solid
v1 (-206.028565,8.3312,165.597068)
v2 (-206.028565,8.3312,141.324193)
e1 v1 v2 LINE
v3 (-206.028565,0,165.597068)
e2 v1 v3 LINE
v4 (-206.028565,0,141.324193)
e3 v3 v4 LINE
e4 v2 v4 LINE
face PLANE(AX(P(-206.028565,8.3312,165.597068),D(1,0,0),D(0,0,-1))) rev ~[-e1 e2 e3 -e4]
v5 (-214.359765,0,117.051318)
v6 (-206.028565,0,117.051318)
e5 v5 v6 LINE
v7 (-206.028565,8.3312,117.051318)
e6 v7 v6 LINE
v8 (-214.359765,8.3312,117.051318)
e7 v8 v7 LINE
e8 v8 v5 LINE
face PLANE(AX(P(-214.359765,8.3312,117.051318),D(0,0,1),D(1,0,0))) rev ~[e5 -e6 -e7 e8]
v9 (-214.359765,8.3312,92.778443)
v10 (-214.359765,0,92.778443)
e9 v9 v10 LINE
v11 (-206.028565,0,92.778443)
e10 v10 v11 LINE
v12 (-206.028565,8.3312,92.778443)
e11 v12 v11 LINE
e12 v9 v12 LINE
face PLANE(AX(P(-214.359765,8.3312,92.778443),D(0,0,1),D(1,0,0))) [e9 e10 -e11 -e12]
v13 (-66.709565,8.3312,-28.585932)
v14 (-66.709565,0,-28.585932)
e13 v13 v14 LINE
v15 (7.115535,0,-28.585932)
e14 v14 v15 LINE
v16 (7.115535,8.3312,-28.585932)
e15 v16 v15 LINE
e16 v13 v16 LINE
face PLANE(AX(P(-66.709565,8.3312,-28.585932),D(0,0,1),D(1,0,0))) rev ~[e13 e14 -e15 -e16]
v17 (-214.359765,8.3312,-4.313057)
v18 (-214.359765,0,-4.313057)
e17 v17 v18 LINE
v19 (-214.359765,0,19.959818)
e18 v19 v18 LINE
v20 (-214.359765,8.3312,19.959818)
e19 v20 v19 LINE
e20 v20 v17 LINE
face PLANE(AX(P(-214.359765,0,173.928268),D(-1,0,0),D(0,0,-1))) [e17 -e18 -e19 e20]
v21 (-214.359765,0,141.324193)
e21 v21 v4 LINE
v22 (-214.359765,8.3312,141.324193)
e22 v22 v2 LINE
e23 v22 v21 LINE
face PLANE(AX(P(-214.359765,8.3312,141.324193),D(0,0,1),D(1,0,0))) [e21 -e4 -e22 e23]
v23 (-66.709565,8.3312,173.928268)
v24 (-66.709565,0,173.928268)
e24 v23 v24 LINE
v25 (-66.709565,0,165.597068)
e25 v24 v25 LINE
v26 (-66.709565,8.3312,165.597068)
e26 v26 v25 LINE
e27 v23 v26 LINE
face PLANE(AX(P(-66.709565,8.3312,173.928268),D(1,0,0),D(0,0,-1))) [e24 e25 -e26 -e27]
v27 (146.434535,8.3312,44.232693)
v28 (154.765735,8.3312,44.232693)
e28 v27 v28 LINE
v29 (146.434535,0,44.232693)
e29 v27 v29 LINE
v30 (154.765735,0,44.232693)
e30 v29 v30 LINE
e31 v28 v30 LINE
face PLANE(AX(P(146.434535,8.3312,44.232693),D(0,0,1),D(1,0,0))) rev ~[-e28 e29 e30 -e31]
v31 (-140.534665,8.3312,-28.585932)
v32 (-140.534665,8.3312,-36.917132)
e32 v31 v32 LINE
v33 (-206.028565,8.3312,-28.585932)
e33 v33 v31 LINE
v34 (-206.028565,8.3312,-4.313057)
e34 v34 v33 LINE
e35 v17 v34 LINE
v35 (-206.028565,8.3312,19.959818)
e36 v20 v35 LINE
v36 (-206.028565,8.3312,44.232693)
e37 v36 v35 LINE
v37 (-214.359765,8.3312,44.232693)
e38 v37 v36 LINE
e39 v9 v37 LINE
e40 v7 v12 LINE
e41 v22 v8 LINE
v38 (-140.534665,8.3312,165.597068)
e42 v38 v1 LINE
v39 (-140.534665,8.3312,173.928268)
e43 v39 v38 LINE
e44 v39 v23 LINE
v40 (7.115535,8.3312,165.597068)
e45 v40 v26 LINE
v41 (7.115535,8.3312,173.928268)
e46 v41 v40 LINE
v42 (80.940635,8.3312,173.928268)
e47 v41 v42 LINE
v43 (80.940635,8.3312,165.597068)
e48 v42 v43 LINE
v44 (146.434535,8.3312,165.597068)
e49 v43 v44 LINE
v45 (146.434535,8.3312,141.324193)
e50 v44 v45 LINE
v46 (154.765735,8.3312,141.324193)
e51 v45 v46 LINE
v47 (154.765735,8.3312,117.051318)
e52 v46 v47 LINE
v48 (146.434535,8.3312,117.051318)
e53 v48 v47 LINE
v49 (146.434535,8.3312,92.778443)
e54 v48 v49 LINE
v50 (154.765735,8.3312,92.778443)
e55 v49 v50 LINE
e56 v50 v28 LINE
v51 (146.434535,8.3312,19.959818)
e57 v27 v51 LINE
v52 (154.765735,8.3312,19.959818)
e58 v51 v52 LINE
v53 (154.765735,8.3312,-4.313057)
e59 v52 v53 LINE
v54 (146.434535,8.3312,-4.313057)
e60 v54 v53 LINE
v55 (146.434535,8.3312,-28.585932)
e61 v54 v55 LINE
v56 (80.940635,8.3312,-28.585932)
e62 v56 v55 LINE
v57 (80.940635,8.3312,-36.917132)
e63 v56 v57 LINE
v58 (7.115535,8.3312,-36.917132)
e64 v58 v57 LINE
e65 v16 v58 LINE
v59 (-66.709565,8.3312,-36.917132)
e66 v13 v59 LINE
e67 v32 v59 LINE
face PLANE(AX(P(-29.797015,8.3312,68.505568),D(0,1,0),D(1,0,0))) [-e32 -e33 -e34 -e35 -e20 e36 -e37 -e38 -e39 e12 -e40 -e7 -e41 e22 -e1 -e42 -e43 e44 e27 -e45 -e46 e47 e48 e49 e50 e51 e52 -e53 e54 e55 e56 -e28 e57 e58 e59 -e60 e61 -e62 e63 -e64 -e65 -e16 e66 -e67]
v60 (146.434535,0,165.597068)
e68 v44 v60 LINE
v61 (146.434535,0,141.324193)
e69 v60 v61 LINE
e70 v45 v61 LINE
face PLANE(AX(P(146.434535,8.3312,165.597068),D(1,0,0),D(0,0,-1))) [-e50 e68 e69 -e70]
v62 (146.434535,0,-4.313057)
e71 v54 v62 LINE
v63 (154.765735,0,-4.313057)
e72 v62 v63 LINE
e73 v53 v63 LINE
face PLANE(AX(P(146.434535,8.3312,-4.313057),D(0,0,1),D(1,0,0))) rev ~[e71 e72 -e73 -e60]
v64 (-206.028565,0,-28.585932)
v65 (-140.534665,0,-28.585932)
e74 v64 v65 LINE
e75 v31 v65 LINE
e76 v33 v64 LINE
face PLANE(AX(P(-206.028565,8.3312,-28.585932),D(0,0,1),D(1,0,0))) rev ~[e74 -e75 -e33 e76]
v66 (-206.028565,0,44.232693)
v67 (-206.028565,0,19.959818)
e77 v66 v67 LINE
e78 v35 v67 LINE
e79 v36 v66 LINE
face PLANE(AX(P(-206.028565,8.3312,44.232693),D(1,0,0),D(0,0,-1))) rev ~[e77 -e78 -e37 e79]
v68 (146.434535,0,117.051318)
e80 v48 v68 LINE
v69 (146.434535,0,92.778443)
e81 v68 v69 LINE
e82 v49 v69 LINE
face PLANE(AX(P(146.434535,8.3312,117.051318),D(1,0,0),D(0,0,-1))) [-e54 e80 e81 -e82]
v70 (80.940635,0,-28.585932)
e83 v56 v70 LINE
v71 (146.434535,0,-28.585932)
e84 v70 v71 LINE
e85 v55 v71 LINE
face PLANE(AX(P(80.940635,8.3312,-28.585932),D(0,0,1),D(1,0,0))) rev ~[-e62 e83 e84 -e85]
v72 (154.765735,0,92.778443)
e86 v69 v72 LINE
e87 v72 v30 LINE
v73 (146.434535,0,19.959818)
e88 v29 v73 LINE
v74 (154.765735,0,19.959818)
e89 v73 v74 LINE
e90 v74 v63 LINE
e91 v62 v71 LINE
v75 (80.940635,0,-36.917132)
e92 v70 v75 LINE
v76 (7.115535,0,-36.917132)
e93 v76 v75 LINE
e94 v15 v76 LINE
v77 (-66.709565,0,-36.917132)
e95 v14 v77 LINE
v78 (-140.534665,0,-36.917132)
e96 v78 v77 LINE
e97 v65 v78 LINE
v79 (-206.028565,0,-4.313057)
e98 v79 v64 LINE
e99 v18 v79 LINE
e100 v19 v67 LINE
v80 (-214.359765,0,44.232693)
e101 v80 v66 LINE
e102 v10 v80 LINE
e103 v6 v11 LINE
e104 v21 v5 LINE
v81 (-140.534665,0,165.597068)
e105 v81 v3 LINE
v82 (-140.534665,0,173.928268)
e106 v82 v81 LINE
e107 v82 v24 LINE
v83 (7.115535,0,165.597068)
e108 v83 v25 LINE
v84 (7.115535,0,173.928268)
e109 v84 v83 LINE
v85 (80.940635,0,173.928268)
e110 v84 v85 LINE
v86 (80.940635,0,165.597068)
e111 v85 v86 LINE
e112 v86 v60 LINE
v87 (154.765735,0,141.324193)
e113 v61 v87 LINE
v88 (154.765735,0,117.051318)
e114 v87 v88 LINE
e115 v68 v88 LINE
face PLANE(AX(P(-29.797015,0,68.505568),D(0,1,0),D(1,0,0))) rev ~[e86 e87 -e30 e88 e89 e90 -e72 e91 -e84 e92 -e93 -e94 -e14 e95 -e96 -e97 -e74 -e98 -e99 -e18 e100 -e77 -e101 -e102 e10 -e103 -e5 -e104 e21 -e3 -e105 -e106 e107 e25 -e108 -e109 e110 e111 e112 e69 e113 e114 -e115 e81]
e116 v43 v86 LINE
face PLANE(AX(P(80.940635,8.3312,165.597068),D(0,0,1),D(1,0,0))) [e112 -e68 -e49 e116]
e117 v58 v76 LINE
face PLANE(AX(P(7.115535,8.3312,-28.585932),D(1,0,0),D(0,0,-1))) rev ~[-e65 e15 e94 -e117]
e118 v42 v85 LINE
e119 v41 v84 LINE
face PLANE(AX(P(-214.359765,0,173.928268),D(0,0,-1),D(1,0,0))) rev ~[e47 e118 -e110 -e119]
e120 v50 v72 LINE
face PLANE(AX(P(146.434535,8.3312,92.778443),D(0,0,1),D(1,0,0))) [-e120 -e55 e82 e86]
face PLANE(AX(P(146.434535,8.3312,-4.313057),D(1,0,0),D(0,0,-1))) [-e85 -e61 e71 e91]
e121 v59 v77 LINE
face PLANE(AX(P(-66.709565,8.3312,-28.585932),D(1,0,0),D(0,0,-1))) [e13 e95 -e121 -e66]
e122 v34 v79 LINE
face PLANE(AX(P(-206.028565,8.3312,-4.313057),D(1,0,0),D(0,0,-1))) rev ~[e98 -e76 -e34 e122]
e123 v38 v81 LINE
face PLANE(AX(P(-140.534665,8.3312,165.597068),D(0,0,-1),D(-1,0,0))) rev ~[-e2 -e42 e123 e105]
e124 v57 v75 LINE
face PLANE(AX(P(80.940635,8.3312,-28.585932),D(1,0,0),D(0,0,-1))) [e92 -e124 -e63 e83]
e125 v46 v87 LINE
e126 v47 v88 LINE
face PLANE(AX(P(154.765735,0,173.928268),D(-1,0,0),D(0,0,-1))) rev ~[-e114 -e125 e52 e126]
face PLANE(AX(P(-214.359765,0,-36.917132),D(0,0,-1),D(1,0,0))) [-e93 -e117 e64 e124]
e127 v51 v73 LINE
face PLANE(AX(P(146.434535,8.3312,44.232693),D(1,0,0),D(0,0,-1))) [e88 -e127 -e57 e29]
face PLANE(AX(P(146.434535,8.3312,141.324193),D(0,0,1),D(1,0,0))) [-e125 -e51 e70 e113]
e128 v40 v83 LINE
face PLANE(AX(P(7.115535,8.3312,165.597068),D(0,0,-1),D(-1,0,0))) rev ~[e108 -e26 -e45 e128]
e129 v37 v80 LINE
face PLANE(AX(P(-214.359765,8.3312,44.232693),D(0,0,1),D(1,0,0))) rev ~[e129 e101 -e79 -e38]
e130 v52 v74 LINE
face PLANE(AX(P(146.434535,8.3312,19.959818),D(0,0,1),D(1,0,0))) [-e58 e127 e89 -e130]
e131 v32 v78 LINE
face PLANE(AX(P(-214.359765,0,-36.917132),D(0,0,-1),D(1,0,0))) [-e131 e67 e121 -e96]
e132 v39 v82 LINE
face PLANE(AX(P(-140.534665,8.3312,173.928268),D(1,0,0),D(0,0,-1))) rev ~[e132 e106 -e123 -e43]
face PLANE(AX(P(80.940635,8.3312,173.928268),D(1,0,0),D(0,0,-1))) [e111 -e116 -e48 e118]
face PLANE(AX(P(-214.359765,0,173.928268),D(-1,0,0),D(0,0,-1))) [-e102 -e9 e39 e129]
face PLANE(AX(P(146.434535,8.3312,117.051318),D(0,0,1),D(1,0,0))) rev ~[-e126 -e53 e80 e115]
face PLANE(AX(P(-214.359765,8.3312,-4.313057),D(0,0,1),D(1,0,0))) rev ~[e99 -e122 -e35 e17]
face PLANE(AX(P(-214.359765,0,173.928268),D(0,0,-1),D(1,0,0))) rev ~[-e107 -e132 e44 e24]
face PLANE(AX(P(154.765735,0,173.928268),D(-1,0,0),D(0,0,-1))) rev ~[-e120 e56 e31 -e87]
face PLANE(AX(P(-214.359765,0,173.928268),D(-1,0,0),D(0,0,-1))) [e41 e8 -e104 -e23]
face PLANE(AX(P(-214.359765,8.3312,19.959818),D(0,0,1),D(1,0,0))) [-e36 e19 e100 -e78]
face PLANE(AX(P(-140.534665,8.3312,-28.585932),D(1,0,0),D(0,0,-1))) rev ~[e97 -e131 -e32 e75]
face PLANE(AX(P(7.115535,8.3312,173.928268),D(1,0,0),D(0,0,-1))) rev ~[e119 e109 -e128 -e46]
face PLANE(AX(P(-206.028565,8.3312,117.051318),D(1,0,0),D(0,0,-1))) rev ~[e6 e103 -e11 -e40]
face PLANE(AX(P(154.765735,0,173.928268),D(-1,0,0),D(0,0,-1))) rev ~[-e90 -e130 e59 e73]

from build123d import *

# Parameters (mm, degrees)
SKETCH1_W           = 369.1255
SKETCH1_H           = 210.8454
BOSS_EXTRUDE1_DEPTH = 8.3312
SKETCH2_W           = 8.3312
SKETCH2_H           = 24.272875
SKETCH2_W_2         = 36.91255
SKETCH2_H_2         = 8.3312
SKETCH2_W_3         = 73.8251
CUT_EXTRUDE1_DEPTH  = 277.171250991


with BuildPart() as part:
    # Sketch1 → Boss-Extrude1 (new body)
    with BuildSketch(Plane(origin=(0, 0, 0), x_dir=(1, 0, 0), z_dir=(0, 1, 0))):
        with Locations((-29.797014585, -68.505567707)):
            Rectangle(SKETCH1_W, SKETCH1_H)
    extrude(amount=BOSS_EXTRUDE1_DEPTH)

    # Sketch2 → Cut-Extrude1 (cut, through all)
    with BuildSketch(Plane(origin=(0, 8.3312, 0), x_dir=(1, 0, 0), z_dir=(0, 1, 0))):
        with Locations((-210.194164585, -104.914880207)):
            Rectangle(SKETCH2_W, SKETCH2_H)
        with Locations((-210.194164585, -153.460630207)):
            Rectangle(SKETCH2_W, SKETCH2_H)
        Polygon((-214.359764585, -173.928267707), (-140.534664585, -173.928267707), (-140.534664585, -165.597067707), (-206.028564585, -165.597067707), (-214.359764585, -165.597067707), align=None)
        with Locations((-11.340739585, -169.762667707)):
            Rectangle(SKETCH2_W_2, SKETCH2_H_2)
        with Locations((-48.253289585, -169.762667707)):
            Rectangle(SKETCH2_W_2, SKETCH2_H_2)
        with Locations((117.853185415, -169.762667707)):
            Rectangle(SKETCH2_W_3, SKETCH2_H_2)
        with Locations((150.600135415, -153.460630207)):
            Rectangle(SKETCH2_W, SKETCH2_H)
        with Locations((150.600135415, -104.914880207)):
            Rectangle(SKETCH2_W, SKETCH2_H)
        with Locations((150.600135415, -32.096255207)):
            Rectangle(SKETCH2_W, SKETCH2_H)
        with Locations((150.600135415, 16.449494793)):
            Rectangle(SKETCH2_W, SKETCH2_H)
        with Locations((117.853185415, 32.751532293)):
            Rectangle(SKETCH2_W_3, SKETCH2_H_2)
        with Locations((-29.797014585, 32.751532293)):
            Rectangle(SKETCH2_W_3, SKETCH2_H_2)
        with Locations((-210.194164585, -32.096255207)):
            Rectangle(SKETCH2_W, SKETCH2_H)
        with Locations((-210.194164585, 16.449494793)):
            Rectangle(SKETCH2_W, SKETCH2_H)
        with Locations((-177.447214585, 32.751532293)):
            Rectangle(SKETCH2_W_3, SKETCH2_H_2)
    extrude(amount=-CUT_EXTRUDE1_DEPTH, mode=Mode.SUBTRACT)


solid = part.part
